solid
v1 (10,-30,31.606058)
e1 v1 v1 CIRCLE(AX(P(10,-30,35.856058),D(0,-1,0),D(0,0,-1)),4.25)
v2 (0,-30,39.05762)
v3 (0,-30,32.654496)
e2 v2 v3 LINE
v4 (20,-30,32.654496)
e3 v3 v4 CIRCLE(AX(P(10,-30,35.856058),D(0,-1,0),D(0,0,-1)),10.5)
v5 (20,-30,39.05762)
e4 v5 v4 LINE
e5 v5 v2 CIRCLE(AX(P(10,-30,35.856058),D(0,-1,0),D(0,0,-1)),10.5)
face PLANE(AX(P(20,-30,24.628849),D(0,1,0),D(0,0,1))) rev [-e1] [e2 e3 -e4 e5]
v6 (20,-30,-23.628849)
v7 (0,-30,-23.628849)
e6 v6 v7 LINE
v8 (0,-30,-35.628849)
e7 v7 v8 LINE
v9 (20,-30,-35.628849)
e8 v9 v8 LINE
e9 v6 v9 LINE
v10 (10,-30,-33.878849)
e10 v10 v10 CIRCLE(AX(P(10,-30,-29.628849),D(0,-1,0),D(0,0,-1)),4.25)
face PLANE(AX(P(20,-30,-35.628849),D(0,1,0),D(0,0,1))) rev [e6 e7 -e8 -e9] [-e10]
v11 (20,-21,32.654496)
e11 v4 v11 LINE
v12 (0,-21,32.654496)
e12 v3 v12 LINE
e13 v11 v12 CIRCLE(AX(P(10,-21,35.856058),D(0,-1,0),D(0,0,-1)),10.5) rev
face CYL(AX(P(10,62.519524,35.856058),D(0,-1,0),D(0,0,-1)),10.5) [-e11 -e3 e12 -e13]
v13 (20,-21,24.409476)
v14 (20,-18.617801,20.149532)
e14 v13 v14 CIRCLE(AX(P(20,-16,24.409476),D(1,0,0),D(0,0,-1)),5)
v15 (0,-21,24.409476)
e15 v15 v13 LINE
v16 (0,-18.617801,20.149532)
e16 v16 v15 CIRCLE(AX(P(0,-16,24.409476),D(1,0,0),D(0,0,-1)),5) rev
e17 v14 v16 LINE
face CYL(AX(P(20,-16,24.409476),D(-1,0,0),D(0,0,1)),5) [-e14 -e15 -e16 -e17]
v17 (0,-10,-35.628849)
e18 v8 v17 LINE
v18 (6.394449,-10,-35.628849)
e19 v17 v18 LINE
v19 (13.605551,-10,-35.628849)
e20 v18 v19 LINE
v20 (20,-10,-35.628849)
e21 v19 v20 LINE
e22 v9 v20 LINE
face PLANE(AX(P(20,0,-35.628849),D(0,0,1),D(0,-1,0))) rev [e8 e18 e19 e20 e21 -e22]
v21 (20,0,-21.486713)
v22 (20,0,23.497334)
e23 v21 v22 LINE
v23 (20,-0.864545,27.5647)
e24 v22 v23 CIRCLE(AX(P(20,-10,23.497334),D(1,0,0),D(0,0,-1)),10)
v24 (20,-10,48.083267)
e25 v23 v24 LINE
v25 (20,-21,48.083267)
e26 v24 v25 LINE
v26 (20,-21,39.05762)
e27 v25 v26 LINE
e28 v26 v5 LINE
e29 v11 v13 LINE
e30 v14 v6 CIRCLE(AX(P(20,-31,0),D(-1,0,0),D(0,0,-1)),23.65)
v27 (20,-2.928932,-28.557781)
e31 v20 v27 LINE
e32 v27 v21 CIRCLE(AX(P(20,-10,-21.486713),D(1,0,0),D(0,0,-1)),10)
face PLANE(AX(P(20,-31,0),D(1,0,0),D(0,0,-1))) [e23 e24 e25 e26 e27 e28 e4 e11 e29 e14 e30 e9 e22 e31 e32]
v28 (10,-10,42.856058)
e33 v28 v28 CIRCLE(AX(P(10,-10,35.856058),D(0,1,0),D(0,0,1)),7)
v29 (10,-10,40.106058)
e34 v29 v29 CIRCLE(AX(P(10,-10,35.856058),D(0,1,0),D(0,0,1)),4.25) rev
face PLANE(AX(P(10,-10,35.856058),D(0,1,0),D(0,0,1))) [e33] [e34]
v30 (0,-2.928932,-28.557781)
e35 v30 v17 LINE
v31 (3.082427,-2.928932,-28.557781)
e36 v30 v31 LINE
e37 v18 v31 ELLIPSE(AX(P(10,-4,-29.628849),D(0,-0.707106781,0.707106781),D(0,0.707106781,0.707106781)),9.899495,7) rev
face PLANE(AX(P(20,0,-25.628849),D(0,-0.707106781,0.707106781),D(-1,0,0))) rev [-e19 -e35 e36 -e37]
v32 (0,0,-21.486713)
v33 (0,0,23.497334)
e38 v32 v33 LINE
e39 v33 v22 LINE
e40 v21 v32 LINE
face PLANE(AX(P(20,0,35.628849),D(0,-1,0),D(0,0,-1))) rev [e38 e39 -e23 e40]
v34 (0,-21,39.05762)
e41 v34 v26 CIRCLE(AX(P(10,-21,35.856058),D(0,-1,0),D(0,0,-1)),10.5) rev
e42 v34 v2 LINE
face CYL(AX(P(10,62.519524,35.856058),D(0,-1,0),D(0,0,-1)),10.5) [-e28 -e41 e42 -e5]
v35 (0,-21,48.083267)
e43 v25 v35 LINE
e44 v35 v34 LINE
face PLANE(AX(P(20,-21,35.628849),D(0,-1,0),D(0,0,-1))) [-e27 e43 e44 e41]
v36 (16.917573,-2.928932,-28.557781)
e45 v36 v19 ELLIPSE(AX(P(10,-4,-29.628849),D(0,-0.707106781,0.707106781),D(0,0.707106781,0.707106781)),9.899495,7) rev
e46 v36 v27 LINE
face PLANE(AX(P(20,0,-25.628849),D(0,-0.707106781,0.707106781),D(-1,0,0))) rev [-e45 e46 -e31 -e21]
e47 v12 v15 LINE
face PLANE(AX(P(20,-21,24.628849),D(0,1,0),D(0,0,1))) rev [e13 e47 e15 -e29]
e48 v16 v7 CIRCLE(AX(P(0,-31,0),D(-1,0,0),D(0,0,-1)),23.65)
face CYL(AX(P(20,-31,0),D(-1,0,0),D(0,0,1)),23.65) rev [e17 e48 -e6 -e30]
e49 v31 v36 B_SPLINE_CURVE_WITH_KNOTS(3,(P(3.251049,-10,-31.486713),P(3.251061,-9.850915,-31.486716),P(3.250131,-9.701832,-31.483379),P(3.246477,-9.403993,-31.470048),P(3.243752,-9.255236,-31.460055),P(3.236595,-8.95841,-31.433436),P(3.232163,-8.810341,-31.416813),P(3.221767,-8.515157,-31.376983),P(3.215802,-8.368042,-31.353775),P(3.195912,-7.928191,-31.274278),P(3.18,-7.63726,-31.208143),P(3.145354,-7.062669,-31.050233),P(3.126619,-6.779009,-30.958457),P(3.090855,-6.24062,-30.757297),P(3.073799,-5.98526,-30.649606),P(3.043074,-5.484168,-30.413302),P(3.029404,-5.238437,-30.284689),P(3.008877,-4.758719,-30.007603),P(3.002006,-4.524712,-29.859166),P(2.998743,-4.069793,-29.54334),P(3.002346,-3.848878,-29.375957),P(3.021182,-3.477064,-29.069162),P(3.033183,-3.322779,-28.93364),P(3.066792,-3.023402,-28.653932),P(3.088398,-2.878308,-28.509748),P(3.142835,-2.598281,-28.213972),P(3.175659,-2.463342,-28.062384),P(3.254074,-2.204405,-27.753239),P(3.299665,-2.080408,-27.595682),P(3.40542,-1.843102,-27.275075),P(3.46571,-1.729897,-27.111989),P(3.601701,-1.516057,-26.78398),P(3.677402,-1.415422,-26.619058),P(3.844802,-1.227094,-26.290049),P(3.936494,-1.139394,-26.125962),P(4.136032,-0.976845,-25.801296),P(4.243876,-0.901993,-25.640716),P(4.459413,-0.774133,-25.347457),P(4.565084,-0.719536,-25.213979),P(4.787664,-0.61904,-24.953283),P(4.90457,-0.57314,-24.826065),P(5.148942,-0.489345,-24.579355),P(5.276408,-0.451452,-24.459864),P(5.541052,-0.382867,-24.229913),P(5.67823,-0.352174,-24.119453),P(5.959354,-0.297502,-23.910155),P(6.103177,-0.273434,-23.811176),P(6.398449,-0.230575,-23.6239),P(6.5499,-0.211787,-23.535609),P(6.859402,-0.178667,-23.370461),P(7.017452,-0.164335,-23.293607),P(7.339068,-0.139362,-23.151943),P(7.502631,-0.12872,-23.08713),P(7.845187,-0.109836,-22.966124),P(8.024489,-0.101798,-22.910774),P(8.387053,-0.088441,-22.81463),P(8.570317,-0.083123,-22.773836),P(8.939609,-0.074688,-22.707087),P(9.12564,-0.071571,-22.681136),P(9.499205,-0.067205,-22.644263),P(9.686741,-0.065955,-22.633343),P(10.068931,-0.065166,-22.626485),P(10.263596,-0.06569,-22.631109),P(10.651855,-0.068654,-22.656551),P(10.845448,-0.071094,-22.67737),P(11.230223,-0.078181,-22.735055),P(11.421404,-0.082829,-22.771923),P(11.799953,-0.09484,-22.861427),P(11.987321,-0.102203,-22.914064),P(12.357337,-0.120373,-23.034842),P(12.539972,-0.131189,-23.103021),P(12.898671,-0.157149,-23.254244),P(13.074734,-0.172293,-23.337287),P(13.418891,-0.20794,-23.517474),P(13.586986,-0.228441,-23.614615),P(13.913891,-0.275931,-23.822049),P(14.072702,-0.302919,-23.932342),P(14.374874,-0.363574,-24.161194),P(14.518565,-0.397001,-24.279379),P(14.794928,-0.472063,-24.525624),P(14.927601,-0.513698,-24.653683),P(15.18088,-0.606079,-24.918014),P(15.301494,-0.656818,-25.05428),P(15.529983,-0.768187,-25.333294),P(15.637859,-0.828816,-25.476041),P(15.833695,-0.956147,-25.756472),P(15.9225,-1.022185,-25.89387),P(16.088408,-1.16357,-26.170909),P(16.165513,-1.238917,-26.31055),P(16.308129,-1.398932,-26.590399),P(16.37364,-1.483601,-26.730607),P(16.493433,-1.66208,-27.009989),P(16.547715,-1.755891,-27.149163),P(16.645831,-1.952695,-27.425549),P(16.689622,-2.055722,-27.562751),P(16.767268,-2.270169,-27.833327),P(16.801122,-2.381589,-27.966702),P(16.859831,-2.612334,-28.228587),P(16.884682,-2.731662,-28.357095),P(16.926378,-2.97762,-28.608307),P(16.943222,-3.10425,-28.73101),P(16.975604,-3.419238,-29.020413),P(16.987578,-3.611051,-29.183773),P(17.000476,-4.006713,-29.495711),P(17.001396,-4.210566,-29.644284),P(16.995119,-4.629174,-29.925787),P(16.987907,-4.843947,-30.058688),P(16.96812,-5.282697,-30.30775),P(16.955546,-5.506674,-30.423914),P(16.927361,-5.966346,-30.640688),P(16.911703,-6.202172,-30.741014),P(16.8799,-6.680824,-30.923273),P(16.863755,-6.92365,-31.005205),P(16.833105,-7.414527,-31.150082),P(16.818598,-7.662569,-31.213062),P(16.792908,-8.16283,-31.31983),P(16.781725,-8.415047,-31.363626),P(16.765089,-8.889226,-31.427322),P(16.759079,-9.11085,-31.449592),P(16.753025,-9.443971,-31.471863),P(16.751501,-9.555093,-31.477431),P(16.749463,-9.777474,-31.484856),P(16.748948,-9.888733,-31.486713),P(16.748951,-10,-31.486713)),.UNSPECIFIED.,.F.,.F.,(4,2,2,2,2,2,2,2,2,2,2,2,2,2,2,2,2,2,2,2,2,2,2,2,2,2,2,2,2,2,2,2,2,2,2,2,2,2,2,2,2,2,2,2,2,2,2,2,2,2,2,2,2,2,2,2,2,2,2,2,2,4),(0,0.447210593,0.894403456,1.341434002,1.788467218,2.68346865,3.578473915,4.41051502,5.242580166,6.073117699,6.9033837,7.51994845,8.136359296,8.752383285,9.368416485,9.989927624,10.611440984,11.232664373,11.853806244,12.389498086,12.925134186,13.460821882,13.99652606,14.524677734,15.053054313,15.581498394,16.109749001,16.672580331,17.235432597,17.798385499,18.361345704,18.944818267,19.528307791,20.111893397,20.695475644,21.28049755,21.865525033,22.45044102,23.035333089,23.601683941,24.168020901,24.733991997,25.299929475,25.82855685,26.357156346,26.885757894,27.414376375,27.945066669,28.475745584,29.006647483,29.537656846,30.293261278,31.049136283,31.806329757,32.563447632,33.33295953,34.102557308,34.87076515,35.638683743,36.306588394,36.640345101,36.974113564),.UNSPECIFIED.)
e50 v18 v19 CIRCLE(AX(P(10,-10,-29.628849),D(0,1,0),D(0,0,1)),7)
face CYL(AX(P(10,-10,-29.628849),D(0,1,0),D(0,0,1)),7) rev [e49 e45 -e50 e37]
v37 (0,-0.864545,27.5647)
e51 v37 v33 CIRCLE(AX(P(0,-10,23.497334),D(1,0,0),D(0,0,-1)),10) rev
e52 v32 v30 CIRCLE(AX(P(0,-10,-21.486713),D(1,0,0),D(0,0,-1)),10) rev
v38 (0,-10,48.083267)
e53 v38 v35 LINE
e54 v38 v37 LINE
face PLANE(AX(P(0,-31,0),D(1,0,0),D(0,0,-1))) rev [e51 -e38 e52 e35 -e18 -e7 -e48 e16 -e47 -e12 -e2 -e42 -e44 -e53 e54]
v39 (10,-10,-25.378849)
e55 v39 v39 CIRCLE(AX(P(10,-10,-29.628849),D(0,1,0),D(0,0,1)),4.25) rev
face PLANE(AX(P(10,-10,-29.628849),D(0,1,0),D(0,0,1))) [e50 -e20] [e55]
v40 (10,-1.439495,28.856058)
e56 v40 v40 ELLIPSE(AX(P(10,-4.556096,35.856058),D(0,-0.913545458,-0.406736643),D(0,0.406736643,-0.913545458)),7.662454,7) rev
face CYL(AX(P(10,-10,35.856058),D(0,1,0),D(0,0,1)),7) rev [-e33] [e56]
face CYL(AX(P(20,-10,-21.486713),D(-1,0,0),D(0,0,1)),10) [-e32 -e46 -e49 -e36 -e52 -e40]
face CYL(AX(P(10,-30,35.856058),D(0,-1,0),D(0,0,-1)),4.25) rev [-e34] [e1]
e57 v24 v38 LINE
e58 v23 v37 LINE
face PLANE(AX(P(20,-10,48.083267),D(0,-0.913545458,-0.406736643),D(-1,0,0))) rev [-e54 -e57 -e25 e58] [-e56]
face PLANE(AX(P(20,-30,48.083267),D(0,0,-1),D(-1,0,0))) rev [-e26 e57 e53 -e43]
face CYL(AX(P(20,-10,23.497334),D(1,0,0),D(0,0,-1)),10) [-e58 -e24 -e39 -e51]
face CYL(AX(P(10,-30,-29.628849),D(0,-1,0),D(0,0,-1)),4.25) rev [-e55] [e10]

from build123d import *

# Parameters (mm, degrees)
BOSS_EXTRUDE1_DEPTH        = 20
CHAMFER1_SIZE              = 10
CHAMFER2_SIZE              = 10
CHAMFER2_SIZE2             = 22.460367739
FILLET2_R                  = 10
FILLET3_R                  = 5
F_8_5_8_5_DIAMETER_HOLE1_D = 8.5
SKETCH6_R                  = 7
CUT_EXTRUDE1_DEPTH         = 10
SKETCH7_R                  = 22.103989718
SKETCH7_R_2                = 10.5
CUT_EXTRUDE2_DEPTH         = 9


with BuildPart() as part:
    # Sketch1 → Boss-Extrude1 (new body)
    with BuildSketch(Plane(origin=(0, 0, 0), x_dir=(0, 0, -1), z_dir=(1, 0, 0))):
        with BuildLine():
            Line((-35.628848893, 0), (35.628848893, 0))
            Line((35.628848893, 0), (35.628848893, -30))
            Line((35.628848893, -30), (23.628848893, -30))
            ThreePointArc((23.628848893, -30), (4.632142534, -7.808067016), (-21.431810469, -21))
            Line((-21.431810469, -21), (-24.628848893, -21))
            Line((-24.628848893, -21), (-24.628848893, -30))
            Line((-24.628848893, -30), (-48.083267238, -30))
            Line((-48.083267238, -30), (-48.083267238, 0))
            Line((-48.083267238, 0), (-35.628848893, 0))
        make_face()
    extrude(amount=BOSS_EXTRUDE1_DEPTH)

    # Chamfer1
    chamfer1_edges = [part.edges().sort_by_distance(p)[0] for p in [
        (10, 0, -35.628848893),
    ]]
    chamfer(chamfer1_edges, length=CHAMFER1_SIZE)

    # Chamfer2
    chamfer2_edges = [part.edges().sort_by_distance(p)[0] for p in [
        (10, 0, 48.083267238),
    ]]
    chamfer2_side = [part.faces().sort_by_distance(p)[0] for p in [
        (10, -15, 48.083267238),
    ]]
    chamfer(chamfer2_edges, length=CHAMFER2_SIZE, length2=CHAMFER2_SIZE2, reference=chamfer2_side[0])

    # Fillet2
    fillet2_edges = [part.edges().sort_by_distance(p)[0] for p in [
        (10, 0, -25.628848893),
        (10, 0, 25.622899499),
    ]]
    fillet(fillet2_edges, radius=FILLET2_R)

    # Fillet3
    fillet3_edges = [part.edges().sort_by_distance(p)[0] for p in [
        (10, -21, 21.431810469),
    ]]
    fillet(fillet3_edges, radius=FILLET3_R)

    # Ø8.5 (8.5) Diameter Hole1 (through all)
    with Locations(Plane(origin=(0, -30, 0), x_dir=(-1, 0, 0), z_dir=(0, -1, 0))):
        with Locations((-10, -35.856058066), (-10, 29.628848893)):
            Hole(F_8_5_8_5_DIAMETER_HOLE1_D / 2)

    # Sketch6 → Cut-Extrude1 (cut)
    with BuildSketch(Plane(origin=(0, 0, 0), x_dir=(1, 0, 0), z_dir=(0, 1, 0))):
        with Locations(Location((10, -35.856058066, 0), (0, 0, 270))):
            Circle(SKETCH6_R)
        with Locations((10, 29.628848893)):
            Circle(SKETCH6_R)
    extrude(amount=-CUT_EXTRUDE1_DEPTH, mode=Mode.SUBTRACT)

    # Sketch7 → Cut-Extrude2 (cut)
    with BuildSketch(Plane.XZ.offset(30)):
        with Locations((10, 35.856058066)):
            Circle(SKETCH7_R)
        with Locations((10, 35.856058066)):
            Circle(SKETCH7_R_2, mode=Mode.SUBTRACT)
    extrude(amount=-CUT_EXTRUDE2_DEPTH, mode=Mode.SUBTRACT)


solid = part.part
